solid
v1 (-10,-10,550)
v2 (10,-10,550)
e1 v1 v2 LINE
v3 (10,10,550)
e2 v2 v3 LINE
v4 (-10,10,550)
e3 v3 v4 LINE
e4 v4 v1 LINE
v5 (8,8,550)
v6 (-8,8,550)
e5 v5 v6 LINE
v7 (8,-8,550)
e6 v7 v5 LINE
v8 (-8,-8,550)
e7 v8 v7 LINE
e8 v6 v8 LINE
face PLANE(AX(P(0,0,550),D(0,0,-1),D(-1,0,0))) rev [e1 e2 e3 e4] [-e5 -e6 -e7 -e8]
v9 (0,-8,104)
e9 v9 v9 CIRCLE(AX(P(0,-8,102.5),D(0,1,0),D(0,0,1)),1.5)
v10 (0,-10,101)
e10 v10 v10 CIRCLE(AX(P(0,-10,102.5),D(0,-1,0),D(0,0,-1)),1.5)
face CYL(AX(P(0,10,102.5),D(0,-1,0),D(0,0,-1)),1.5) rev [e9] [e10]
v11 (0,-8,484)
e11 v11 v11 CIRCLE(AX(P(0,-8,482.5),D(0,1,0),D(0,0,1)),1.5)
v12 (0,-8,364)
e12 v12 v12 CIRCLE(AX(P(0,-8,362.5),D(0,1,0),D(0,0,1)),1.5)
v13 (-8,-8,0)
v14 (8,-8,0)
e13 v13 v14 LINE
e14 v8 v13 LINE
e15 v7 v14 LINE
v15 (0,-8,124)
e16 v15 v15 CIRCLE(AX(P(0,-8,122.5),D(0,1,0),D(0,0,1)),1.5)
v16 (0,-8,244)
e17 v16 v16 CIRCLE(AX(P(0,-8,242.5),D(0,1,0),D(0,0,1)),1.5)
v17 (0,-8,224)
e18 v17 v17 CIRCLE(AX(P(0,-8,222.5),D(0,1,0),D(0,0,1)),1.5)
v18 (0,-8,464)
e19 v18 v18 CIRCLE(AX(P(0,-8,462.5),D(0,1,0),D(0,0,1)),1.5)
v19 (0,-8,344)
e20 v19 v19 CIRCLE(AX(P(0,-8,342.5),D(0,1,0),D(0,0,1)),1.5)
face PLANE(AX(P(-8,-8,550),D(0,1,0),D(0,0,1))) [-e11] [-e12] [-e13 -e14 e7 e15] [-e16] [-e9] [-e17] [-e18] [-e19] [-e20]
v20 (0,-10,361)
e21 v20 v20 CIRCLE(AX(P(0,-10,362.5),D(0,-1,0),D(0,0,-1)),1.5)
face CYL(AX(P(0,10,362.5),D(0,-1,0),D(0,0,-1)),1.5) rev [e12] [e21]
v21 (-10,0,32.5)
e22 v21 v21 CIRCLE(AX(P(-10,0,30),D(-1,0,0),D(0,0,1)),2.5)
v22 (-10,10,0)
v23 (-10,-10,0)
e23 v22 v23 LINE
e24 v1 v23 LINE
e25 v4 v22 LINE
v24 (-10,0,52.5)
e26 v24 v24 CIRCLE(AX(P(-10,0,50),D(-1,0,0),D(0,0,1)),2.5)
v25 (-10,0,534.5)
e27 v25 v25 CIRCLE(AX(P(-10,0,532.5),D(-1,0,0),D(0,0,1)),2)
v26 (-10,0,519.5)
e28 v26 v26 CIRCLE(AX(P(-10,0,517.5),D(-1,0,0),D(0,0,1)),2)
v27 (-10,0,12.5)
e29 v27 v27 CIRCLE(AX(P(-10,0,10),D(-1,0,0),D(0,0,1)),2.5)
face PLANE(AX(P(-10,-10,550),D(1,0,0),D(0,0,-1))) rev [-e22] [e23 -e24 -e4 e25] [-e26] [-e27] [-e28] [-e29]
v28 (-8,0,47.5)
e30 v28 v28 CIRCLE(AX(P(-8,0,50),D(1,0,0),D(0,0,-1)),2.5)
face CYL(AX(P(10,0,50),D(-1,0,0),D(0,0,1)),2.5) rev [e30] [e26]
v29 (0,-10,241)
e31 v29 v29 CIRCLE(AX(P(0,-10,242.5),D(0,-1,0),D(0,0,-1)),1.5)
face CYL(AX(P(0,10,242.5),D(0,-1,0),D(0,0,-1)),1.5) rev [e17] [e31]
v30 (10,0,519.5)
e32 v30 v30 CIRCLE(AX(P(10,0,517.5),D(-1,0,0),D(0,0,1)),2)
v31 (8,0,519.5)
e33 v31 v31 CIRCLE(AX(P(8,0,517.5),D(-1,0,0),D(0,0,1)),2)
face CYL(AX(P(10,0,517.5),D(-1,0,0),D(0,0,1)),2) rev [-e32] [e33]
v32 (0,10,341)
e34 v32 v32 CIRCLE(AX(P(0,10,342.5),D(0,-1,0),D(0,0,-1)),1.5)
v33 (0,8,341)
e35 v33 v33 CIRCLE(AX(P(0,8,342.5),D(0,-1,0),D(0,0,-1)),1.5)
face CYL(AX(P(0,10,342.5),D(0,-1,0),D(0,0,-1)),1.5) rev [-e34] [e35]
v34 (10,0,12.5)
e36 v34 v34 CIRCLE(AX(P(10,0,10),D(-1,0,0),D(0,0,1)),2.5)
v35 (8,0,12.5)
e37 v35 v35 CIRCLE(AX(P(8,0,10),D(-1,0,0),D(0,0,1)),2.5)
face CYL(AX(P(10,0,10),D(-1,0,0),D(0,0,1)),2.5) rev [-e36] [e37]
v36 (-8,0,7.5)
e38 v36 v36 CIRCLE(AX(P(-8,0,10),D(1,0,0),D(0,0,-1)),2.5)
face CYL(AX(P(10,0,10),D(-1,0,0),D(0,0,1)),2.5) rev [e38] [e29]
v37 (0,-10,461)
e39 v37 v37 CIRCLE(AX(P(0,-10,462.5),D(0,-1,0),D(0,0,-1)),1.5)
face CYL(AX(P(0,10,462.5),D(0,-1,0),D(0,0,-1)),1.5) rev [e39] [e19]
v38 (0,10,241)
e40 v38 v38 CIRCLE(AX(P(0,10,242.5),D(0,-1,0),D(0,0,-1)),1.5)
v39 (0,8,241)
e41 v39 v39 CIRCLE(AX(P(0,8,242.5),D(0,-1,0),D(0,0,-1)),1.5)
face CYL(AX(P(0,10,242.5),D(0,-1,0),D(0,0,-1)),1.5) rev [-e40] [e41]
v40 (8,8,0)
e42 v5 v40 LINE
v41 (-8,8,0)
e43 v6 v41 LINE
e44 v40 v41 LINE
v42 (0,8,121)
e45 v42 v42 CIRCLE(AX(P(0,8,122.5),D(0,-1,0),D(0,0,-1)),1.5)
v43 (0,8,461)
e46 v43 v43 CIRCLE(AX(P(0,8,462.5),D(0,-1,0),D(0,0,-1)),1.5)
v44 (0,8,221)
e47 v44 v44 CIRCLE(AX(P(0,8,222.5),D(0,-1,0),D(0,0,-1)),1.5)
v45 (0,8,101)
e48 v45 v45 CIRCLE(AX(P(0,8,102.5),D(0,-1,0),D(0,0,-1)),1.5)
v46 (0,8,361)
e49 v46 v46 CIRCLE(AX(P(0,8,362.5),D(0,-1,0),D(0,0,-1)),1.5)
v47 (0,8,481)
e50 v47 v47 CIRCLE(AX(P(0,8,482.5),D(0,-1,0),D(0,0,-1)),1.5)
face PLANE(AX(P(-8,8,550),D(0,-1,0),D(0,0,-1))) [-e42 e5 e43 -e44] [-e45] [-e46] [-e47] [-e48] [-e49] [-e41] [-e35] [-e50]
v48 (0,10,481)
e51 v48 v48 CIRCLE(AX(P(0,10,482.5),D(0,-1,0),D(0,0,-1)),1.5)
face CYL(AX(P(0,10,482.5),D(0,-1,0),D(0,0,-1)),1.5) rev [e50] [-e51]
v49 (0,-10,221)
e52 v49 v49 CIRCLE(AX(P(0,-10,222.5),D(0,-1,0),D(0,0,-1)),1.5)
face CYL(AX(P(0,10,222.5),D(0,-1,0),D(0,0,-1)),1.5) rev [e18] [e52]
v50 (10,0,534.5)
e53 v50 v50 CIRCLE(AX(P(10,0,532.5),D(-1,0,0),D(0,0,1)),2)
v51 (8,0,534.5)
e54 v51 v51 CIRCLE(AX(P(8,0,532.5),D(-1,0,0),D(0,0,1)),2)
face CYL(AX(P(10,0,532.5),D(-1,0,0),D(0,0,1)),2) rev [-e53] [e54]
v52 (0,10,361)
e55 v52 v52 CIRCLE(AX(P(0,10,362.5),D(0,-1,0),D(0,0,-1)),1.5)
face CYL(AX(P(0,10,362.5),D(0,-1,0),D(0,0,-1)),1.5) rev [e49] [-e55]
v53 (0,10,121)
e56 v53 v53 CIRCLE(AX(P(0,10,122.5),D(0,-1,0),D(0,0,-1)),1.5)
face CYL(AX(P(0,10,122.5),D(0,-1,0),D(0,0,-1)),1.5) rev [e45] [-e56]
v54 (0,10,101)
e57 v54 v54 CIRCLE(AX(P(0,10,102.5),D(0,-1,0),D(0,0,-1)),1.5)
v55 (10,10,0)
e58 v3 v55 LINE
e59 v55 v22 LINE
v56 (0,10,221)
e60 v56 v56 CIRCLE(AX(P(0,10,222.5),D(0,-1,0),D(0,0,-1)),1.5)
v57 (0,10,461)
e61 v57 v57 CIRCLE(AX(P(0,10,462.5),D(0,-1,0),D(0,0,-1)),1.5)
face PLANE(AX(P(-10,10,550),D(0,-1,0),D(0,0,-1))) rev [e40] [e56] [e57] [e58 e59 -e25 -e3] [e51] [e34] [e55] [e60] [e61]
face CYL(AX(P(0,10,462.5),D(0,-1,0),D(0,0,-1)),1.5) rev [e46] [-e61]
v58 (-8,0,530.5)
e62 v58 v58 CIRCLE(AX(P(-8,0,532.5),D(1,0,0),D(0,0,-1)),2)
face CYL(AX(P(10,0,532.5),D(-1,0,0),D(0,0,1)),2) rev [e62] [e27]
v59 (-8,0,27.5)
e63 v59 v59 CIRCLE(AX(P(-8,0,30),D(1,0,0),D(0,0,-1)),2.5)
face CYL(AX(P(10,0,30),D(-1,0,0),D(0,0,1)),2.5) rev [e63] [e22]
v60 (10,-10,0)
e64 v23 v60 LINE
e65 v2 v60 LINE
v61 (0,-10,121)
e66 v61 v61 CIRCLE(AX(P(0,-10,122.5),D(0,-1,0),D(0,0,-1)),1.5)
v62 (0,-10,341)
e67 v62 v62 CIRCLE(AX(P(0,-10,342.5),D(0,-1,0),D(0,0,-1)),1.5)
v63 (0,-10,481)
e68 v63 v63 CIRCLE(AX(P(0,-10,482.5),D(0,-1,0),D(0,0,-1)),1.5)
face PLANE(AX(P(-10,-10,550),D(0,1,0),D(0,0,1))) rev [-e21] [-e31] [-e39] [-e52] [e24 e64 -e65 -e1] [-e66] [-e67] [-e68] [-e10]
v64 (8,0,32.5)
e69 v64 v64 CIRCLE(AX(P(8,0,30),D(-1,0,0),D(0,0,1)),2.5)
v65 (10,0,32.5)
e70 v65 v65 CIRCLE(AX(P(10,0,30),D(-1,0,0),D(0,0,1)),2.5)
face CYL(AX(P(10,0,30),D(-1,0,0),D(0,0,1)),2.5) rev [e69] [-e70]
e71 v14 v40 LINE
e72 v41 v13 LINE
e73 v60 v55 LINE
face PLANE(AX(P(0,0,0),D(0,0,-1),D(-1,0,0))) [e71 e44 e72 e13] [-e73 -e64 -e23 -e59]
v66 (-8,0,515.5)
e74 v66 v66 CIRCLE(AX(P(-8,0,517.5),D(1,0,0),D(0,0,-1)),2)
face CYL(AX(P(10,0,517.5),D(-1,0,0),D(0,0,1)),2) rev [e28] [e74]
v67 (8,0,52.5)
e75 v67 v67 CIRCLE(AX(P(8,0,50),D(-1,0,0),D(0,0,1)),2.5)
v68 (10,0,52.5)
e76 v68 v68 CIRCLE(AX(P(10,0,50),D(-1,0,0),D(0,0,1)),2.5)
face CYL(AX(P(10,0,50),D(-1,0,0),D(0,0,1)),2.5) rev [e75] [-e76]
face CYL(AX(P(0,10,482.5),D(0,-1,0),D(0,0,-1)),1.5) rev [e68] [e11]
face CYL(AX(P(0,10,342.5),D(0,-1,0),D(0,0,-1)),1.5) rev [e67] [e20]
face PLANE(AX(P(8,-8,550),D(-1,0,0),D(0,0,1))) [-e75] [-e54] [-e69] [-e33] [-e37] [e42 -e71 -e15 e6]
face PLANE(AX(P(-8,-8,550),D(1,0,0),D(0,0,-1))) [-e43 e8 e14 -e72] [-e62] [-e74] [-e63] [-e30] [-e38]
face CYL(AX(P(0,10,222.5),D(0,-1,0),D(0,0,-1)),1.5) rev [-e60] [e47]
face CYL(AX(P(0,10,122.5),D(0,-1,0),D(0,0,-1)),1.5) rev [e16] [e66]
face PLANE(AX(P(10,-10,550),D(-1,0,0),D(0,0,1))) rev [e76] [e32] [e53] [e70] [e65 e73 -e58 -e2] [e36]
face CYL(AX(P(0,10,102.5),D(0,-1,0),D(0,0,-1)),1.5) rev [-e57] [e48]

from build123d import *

# Parameters (mm, degrees)
SKETCH_1_W         = 20
SKETCH_1_H         = 20
SKETCH_1_W_2       = 16
SKETCH_1_H_2       = 16
EXTRUDE_1_DEPTH    = 550
SKETCH1_R          = 2
CUT_EXTRUDE1_DEPTH = 20
SKETCH2_R          = 2.5
CUT_EXTRUDE2_DEPTH = 20
SKETCH5_R          = 1.5
CUT_EXTRUDE3_DEPTH = 20


with BuildPart() as part:
    # 草图1 → 凸台-拉伸1 (new body)
    with BuildSketch(Plane.XY):
        Rectangle(SKETCH_1_W, SKETCH_1_H)
        Rectangle(SKETCH_1_W_2, SKETCH_1_H_2, mode=Mode.SUBTRACT)
    extrude(amount=EXTRUDE_1_DEPTH)

    # Sketch1 → Cut-Extrude1 (cut)
    with BuildSketch(Plane.ZY.offset(10)):
        with Locations((532.5, 0)):
            Circle(SKETCH1_R)
        with Locations((517.5, 0)):
            Circle(SKETCH1_R)
    extrude(amount=-CUT_EXTRUDE1_DEPTH, mode=Mode.SUBTRACT)

    # Sketch2 → Cut-Extrude2 (cut)
    with BuildSketch(Plane.ZY.offset(10)):
        with Locations((10, 0)):
            Circle(SKETCH2_R)
        with Locations((30, 0)):
            Circle(SKETCH2_R)
        with Locations((50, 0)):
            Circle(SKETCH2_R)
    extrude(amount=-CUT_EXTRUDE2_DEPTH, mode=Mode.SUBTRACT)

    # Sketch5 → Cut-Extrude3 (cut)
    with BuildSketch(Plane.XZ.offset(10)):
        with Locations(Location((0, 482.5, 0), (0, 0, 270))):
            Circle(SKETCH5_R)
        with Locations(Location((0, 462.5, 0), (0, 0, 270))):
            Circle(SKETCH5_R)
        with Locations(Location((0, 362.5, 0), (0, 0, 270))):
            Circle(SKETCH5_R)
        with Locations(Location((0, 342.5, 0), (0, 0, 270))):
            Circle(SKETCH5_R)
        with Locations(Location((0, 242.5, 0), (0, 0, 270))):
            Circle(SKETCH5_R)
        with Locations(Location((0, 222.5, 0), (0, 0, 270))):
            Circle(SKETCH5_R)
        with Locations(Location((0, 122.5, 0), (0, 0, 270))):
            Circle(SKETCH5_R)
        with Locations(Location((0, 102.5, 0), (0, 0, 270))):
            Circle(SKETCH5_R)
    extrude(amount=-CUT_EXTRUDE3_DEPTH, mode=Mode.SUBTRACT)


solid = part.part
